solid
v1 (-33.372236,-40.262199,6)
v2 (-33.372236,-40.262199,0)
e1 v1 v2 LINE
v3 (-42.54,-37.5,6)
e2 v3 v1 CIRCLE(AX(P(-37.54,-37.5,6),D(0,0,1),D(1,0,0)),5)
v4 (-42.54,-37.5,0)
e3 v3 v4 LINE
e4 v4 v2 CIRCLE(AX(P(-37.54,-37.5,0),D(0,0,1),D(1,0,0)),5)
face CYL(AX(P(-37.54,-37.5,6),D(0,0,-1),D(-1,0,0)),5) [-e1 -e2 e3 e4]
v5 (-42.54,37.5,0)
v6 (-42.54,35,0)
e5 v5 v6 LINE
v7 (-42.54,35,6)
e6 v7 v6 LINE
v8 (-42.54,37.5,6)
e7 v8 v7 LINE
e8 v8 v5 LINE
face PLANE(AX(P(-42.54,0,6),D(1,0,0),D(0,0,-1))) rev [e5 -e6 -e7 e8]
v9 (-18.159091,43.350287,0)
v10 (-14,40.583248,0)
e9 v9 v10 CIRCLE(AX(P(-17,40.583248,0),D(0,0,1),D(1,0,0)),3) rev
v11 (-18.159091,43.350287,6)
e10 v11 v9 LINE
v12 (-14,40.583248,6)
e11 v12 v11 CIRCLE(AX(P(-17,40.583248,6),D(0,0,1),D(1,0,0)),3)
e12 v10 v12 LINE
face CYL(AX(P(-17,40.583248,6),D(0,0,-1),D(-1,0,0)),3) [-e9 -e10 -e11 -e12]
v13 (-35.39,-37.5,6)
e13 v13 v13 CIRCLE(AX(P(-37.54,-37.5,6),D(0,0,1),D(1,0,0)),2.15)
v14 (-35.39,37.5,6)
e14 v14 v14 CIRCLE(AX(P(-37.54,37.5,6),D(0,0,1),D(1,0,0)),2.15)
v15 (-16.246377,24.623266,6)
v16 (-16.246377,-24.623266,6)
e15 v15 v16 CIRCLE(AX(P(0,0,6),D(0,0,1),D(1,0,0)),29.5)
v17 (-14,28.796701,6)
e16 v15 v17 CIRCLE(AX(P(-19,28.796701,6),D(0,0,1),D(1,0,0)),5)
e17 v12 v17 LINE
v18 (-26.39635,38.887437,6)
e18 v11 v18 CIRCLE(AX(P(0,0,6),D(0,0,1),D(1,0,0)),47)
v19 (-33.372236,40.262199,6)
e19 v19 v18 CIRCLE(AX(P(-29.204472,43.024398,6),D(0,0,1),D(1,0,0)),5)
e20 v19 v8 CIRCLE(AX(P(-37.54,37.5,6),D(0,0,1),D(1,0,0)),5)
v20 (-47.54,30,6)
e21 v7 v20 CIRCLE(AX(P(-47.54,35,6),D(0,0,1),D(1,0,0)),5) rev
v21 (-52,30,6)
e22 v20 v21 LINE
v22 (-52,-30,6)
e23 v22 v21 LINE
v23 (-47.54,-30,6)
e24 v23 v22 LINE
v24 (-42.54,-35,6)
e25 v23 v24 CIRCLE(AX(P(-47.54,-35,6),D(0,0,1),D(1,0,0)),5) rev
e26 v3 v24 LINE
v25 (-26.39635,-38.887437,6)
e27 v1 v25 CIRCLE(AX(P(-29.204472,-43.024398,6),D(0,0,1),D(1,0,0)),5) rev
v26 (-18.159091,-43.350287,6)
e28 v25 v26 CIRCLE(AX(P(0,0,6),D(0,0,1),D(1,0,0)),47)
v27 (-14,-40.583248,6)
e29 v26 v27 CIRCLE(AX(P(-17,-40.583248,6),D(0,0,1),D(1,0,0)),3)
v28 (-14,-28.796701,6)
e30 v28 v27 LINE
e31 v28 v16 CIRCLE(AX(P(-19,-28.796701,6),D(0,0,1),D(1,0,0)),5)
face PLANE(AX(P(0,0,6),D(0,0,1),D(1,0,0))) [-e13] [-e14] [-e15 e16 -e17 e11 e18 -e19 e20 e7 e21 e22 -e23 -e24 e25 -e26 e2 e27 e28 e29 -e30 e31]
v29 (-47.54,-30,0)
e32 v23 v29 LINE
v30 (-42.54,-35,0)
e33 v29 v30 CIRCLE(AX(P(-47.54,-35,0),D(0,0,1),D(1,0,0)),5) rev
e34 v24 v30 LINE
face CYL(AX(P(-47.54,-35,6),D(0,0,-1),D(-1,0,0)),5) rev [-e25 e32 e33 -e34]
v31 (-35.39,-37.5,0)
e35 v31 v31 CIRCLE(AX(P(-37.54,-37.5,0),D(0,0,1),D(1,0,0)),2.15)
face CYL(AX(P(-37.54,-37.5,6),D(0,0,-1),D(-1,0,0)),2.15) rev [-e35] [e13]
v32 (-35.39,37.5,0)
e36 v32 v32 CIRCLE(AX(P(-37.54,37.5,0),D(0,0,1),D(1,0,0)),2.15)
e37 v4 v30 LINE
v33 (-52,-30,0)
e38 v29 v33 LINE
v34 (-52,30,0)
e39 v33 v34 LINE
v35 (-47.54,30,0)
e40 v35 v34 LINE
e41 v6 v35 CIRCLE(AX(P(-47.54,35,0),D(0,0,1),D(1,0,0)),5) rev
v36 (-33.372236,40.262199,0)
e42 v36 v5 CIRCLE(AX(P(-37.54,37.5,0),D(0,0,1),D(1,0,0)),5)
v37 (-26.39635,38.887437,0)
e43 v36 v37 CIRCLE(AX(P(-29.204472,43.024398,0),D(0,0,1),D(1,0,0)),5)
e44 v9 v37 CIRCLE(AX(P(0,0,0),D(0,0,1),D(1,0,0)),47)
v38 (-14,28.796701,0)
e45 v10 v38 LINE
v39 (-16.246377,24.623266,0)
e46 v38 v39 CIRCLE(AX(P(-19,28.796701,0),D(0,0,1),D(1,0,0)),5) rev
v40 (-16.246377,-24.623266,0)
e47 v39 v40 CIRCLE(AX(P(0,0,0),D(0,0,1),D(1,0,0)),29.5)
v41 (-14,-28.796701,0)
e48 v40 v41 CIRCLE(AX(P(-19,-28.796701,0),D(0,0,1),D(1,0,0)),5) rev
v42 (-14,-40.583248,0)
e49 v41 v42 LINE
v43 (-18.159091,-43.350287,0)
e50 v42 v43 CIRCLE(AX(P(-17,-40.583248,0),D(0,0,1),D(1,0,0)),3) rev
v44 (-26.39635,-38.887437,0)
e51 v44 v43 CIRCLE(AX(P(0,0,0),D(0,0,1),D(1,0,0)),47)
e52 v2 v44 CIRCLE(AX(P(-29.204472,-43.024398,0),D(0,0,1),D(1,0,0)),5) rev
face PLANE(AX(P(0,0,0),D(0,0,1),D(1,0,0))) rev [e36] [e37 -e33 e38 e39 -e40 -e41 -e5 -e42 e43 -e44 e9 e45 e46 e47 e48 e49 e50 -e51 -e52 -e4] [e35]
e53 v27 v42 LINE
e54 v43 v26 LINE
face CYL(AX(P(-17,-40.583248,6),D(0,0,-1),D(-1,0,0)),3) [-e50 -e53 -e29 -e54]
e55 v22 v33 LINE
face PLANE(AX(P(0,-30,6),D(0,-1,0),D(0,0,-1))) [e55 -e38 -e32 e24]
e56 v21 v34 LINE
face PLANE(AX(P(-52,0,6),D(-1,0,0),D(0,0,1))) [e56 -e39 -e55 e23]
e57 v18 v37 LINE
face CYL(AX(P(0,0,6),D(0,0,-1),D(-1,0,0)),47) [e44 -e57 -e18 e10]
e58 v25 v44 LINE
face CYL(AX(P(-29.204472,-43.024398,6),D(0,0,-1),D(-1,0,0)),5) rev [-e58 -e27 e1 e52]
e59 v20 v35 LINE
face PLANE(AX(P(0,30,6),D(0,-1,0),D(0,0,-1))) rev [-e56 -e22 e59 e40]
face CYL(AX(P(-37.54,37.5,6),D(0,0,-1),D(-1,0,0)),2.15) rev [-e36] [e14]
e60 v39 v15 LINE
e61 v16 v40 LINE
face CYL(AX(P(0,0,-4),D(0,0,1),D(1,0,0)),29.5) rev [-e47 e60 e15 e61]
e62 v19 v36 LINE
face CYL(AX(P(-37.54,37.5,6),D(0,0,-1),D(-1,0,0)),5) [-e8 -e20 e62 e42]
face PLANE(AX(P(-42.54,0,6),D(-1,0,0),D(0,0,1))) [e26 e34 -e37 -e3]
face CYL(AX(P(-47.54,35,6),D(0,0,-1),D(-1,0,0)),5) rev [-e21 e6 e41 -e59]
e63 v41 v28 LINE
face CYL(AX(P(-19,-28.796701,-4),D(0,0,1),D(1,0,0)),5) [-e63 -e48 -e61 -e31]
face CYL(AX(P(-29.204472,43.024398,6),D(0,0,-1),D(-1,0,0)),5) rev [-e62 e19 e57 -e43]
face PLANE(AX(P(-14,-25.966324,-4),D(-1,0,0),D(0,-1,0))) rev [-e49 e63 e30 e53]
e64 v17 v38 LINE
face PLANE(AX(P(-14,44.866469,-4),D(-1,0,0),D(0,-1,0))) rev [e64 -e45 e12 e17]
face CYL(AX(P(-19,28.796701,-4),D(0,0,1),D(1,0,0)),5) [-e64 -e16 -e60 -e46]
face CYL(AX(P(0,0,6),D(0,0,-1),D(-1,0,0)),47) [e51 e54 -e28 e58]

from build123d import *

# Parameters (mm, degrees)
SKETCH_1_R          = 2.15
EXTRUDE_1_DEPTH     = 6
CUT_EXTRUDE_1_DEPTH = 10
FILLET_1_R          = 5
FILLET_2_R          = 3


with BuildPart() as part:
    # 草图1 → 凸台-拉伸1 (new body)
    with BuildSketch(Plane.XY):
        with BuildLine():
            Line((-52, 30), (-52, 8.75))
            Line((-52, 8.75), (-52, -8.75))
            Line((-52, -8.75), (-52, -30))
            Line((-52, -30), (-47.54, -30))
            ThreePointArc((-47.54, -30), (-44.004466094, -31.464466094), (-42.54, -35))
            Line((-42.54, -35), (-42.54, -37.5))
            ThreePointArc((-42.54, -37.5), (-38.982425028, -42.287422066), (-33.372235985, -40.262198963))
            ThreePointArc((-33.372235985, -40.262198963), (-30.171244586, -38.118753147), (-26.396349665, -38.887436588))
            ThreePointArc((-26.396349665, -38.887436588), (0, -47), (26.396349665, -38.887436588))
            ThreePointArc((26.396349665, -38.887436588), (30.171244586, -38.118753147), (33.372235985, -40.262198963))
            ThreePointArc((33.372235985, -40.262198963), (38.674773042, -42.369526686), (42.499484755, -38.135225128))
            Line((42.499484755, -38.135225128), (46.619156699, -5.971116201))
            ThreePointArc((46.619156699, -5.971116201), (47, 0), (46.619156699, 5.971116201))
            Line((46.619156699, 5.971116201), (42.499484755, 38.135225128))
            ThreePointArc((42.499484755, 38.135225128), (38.674773042, 42.369526686), (33.372235985, 40.262198963))
            ThreePointArc((33.372235985, 40.262198963), (30.171244586, 38.118753147), (26.396349665, 38.887436588))
            ThreePointArc((26.396349665, 38.887436588), (0, 47), (-26.396349665, 38.887436588))
            ThreePointArc((-26.396349665, 38.887436588), (-30.171244586, 38.118753147), (-33.372235985, 40.262198963))
            ThreePointArc((-33.372235985, 40.262198963), (-38.982425028, 42.287422066), (-42.54, 37.5))
            Line((-42.54, 37.5), (-42.54, 35))
            ThreePointArc((-42.54, 35), (-44.004466094, 31.464466094), (-47.54, 30))
            Line((-47.54, 30), (-52, 30))
        make_face()
        with Locations((-37.54, -37.5)):
            Circle(SKETCH_1_R, mode=Mode.SUBTRACT)
        with Locations((37.54, -37.5)):
            Circle(SKETCH_1_R, mode=Mode.SUBTRACT)
        with Locations((-37.54, 37.5)):
            Circle(SKETCH_1_R, mode=Mode.SUBTRACT)
        with Locations((37.54, 37.5)):
            Circle(SKETCH_1_R, mode=Mode.SUBTRACT)
    extrude(amount=EXTRUDE_1_DEPTH)

    # 草图2 → 切除-拉伸1 (cut)
    with BuildSketch(Plane.XY.offset(6)):
        with BuildLine():
            Line((-14, 44.866468548), (-14, 25.966324345))
            ThreePointArc((-14, 25.966324345), (-29.5, 0), (-14, -25.966324345))
            Line((-14, -25.966324345), (-14, -44.866468548))
            ThreePointArc((-14, -44.866468548), (6.881466199, -46.493498717), (26.396349665, -38.887436588))
            ThreePointArc((26.396349665, -38.887436588), (30.171244586, -38.118753147), (33.372235985, -40.262198963))
            ThreePointArc((33.372235985, -40.262198963), (38.674773042, -42.369526686), (42.499484755, -38.135225128))
            Line((42.499484755, -38.135225128), (46.619156699, -5.971116201))
            ThreePointArc((46.619156699, -5.971116201), (47, 0), (46.619156699, 5.971116201))
            Line((46.619156699, 5.971116201), (42.499484755, 38.135225128))
            ThreePointArc((42.499484755, 38.135225128), (38.674773042, 42.369526686), (33.372235985, 40.262198963))
            ThreePointArc((33.372235985, 40.262198963), (30.171244586, 38.118753147), (26.396349665, 38.887436588))
            ThreePointArc((26.396349665, 38.887436588), (6.881466199, 46.493498717), (-14, 44.866468548))
        make_face()
    extrude(amount=-CUT_EXTRUDE_1_DEPTH, mode=Mode.SUBTRACT)

    # 圆角1
    fillet_1_edges = [part.edges().sort_by_distance(p)[0] for p in [
        (-14, -25.966324345, 3),
        (-14, 25.966324345, 3),
    ]]
    fillet(fillet_1_edges, radius=FILLET_1_R)

    # 圆角2
    fillet_2_edges = [part.edges().sort_by_distance(p)[0] for p in [
        (-14, 44.866468548, 3),
        (-14, -44.866468548, 3),
    ]]
    fillet(fillet_2_edges, radius=FILLET_2_R)


solid = part.part
